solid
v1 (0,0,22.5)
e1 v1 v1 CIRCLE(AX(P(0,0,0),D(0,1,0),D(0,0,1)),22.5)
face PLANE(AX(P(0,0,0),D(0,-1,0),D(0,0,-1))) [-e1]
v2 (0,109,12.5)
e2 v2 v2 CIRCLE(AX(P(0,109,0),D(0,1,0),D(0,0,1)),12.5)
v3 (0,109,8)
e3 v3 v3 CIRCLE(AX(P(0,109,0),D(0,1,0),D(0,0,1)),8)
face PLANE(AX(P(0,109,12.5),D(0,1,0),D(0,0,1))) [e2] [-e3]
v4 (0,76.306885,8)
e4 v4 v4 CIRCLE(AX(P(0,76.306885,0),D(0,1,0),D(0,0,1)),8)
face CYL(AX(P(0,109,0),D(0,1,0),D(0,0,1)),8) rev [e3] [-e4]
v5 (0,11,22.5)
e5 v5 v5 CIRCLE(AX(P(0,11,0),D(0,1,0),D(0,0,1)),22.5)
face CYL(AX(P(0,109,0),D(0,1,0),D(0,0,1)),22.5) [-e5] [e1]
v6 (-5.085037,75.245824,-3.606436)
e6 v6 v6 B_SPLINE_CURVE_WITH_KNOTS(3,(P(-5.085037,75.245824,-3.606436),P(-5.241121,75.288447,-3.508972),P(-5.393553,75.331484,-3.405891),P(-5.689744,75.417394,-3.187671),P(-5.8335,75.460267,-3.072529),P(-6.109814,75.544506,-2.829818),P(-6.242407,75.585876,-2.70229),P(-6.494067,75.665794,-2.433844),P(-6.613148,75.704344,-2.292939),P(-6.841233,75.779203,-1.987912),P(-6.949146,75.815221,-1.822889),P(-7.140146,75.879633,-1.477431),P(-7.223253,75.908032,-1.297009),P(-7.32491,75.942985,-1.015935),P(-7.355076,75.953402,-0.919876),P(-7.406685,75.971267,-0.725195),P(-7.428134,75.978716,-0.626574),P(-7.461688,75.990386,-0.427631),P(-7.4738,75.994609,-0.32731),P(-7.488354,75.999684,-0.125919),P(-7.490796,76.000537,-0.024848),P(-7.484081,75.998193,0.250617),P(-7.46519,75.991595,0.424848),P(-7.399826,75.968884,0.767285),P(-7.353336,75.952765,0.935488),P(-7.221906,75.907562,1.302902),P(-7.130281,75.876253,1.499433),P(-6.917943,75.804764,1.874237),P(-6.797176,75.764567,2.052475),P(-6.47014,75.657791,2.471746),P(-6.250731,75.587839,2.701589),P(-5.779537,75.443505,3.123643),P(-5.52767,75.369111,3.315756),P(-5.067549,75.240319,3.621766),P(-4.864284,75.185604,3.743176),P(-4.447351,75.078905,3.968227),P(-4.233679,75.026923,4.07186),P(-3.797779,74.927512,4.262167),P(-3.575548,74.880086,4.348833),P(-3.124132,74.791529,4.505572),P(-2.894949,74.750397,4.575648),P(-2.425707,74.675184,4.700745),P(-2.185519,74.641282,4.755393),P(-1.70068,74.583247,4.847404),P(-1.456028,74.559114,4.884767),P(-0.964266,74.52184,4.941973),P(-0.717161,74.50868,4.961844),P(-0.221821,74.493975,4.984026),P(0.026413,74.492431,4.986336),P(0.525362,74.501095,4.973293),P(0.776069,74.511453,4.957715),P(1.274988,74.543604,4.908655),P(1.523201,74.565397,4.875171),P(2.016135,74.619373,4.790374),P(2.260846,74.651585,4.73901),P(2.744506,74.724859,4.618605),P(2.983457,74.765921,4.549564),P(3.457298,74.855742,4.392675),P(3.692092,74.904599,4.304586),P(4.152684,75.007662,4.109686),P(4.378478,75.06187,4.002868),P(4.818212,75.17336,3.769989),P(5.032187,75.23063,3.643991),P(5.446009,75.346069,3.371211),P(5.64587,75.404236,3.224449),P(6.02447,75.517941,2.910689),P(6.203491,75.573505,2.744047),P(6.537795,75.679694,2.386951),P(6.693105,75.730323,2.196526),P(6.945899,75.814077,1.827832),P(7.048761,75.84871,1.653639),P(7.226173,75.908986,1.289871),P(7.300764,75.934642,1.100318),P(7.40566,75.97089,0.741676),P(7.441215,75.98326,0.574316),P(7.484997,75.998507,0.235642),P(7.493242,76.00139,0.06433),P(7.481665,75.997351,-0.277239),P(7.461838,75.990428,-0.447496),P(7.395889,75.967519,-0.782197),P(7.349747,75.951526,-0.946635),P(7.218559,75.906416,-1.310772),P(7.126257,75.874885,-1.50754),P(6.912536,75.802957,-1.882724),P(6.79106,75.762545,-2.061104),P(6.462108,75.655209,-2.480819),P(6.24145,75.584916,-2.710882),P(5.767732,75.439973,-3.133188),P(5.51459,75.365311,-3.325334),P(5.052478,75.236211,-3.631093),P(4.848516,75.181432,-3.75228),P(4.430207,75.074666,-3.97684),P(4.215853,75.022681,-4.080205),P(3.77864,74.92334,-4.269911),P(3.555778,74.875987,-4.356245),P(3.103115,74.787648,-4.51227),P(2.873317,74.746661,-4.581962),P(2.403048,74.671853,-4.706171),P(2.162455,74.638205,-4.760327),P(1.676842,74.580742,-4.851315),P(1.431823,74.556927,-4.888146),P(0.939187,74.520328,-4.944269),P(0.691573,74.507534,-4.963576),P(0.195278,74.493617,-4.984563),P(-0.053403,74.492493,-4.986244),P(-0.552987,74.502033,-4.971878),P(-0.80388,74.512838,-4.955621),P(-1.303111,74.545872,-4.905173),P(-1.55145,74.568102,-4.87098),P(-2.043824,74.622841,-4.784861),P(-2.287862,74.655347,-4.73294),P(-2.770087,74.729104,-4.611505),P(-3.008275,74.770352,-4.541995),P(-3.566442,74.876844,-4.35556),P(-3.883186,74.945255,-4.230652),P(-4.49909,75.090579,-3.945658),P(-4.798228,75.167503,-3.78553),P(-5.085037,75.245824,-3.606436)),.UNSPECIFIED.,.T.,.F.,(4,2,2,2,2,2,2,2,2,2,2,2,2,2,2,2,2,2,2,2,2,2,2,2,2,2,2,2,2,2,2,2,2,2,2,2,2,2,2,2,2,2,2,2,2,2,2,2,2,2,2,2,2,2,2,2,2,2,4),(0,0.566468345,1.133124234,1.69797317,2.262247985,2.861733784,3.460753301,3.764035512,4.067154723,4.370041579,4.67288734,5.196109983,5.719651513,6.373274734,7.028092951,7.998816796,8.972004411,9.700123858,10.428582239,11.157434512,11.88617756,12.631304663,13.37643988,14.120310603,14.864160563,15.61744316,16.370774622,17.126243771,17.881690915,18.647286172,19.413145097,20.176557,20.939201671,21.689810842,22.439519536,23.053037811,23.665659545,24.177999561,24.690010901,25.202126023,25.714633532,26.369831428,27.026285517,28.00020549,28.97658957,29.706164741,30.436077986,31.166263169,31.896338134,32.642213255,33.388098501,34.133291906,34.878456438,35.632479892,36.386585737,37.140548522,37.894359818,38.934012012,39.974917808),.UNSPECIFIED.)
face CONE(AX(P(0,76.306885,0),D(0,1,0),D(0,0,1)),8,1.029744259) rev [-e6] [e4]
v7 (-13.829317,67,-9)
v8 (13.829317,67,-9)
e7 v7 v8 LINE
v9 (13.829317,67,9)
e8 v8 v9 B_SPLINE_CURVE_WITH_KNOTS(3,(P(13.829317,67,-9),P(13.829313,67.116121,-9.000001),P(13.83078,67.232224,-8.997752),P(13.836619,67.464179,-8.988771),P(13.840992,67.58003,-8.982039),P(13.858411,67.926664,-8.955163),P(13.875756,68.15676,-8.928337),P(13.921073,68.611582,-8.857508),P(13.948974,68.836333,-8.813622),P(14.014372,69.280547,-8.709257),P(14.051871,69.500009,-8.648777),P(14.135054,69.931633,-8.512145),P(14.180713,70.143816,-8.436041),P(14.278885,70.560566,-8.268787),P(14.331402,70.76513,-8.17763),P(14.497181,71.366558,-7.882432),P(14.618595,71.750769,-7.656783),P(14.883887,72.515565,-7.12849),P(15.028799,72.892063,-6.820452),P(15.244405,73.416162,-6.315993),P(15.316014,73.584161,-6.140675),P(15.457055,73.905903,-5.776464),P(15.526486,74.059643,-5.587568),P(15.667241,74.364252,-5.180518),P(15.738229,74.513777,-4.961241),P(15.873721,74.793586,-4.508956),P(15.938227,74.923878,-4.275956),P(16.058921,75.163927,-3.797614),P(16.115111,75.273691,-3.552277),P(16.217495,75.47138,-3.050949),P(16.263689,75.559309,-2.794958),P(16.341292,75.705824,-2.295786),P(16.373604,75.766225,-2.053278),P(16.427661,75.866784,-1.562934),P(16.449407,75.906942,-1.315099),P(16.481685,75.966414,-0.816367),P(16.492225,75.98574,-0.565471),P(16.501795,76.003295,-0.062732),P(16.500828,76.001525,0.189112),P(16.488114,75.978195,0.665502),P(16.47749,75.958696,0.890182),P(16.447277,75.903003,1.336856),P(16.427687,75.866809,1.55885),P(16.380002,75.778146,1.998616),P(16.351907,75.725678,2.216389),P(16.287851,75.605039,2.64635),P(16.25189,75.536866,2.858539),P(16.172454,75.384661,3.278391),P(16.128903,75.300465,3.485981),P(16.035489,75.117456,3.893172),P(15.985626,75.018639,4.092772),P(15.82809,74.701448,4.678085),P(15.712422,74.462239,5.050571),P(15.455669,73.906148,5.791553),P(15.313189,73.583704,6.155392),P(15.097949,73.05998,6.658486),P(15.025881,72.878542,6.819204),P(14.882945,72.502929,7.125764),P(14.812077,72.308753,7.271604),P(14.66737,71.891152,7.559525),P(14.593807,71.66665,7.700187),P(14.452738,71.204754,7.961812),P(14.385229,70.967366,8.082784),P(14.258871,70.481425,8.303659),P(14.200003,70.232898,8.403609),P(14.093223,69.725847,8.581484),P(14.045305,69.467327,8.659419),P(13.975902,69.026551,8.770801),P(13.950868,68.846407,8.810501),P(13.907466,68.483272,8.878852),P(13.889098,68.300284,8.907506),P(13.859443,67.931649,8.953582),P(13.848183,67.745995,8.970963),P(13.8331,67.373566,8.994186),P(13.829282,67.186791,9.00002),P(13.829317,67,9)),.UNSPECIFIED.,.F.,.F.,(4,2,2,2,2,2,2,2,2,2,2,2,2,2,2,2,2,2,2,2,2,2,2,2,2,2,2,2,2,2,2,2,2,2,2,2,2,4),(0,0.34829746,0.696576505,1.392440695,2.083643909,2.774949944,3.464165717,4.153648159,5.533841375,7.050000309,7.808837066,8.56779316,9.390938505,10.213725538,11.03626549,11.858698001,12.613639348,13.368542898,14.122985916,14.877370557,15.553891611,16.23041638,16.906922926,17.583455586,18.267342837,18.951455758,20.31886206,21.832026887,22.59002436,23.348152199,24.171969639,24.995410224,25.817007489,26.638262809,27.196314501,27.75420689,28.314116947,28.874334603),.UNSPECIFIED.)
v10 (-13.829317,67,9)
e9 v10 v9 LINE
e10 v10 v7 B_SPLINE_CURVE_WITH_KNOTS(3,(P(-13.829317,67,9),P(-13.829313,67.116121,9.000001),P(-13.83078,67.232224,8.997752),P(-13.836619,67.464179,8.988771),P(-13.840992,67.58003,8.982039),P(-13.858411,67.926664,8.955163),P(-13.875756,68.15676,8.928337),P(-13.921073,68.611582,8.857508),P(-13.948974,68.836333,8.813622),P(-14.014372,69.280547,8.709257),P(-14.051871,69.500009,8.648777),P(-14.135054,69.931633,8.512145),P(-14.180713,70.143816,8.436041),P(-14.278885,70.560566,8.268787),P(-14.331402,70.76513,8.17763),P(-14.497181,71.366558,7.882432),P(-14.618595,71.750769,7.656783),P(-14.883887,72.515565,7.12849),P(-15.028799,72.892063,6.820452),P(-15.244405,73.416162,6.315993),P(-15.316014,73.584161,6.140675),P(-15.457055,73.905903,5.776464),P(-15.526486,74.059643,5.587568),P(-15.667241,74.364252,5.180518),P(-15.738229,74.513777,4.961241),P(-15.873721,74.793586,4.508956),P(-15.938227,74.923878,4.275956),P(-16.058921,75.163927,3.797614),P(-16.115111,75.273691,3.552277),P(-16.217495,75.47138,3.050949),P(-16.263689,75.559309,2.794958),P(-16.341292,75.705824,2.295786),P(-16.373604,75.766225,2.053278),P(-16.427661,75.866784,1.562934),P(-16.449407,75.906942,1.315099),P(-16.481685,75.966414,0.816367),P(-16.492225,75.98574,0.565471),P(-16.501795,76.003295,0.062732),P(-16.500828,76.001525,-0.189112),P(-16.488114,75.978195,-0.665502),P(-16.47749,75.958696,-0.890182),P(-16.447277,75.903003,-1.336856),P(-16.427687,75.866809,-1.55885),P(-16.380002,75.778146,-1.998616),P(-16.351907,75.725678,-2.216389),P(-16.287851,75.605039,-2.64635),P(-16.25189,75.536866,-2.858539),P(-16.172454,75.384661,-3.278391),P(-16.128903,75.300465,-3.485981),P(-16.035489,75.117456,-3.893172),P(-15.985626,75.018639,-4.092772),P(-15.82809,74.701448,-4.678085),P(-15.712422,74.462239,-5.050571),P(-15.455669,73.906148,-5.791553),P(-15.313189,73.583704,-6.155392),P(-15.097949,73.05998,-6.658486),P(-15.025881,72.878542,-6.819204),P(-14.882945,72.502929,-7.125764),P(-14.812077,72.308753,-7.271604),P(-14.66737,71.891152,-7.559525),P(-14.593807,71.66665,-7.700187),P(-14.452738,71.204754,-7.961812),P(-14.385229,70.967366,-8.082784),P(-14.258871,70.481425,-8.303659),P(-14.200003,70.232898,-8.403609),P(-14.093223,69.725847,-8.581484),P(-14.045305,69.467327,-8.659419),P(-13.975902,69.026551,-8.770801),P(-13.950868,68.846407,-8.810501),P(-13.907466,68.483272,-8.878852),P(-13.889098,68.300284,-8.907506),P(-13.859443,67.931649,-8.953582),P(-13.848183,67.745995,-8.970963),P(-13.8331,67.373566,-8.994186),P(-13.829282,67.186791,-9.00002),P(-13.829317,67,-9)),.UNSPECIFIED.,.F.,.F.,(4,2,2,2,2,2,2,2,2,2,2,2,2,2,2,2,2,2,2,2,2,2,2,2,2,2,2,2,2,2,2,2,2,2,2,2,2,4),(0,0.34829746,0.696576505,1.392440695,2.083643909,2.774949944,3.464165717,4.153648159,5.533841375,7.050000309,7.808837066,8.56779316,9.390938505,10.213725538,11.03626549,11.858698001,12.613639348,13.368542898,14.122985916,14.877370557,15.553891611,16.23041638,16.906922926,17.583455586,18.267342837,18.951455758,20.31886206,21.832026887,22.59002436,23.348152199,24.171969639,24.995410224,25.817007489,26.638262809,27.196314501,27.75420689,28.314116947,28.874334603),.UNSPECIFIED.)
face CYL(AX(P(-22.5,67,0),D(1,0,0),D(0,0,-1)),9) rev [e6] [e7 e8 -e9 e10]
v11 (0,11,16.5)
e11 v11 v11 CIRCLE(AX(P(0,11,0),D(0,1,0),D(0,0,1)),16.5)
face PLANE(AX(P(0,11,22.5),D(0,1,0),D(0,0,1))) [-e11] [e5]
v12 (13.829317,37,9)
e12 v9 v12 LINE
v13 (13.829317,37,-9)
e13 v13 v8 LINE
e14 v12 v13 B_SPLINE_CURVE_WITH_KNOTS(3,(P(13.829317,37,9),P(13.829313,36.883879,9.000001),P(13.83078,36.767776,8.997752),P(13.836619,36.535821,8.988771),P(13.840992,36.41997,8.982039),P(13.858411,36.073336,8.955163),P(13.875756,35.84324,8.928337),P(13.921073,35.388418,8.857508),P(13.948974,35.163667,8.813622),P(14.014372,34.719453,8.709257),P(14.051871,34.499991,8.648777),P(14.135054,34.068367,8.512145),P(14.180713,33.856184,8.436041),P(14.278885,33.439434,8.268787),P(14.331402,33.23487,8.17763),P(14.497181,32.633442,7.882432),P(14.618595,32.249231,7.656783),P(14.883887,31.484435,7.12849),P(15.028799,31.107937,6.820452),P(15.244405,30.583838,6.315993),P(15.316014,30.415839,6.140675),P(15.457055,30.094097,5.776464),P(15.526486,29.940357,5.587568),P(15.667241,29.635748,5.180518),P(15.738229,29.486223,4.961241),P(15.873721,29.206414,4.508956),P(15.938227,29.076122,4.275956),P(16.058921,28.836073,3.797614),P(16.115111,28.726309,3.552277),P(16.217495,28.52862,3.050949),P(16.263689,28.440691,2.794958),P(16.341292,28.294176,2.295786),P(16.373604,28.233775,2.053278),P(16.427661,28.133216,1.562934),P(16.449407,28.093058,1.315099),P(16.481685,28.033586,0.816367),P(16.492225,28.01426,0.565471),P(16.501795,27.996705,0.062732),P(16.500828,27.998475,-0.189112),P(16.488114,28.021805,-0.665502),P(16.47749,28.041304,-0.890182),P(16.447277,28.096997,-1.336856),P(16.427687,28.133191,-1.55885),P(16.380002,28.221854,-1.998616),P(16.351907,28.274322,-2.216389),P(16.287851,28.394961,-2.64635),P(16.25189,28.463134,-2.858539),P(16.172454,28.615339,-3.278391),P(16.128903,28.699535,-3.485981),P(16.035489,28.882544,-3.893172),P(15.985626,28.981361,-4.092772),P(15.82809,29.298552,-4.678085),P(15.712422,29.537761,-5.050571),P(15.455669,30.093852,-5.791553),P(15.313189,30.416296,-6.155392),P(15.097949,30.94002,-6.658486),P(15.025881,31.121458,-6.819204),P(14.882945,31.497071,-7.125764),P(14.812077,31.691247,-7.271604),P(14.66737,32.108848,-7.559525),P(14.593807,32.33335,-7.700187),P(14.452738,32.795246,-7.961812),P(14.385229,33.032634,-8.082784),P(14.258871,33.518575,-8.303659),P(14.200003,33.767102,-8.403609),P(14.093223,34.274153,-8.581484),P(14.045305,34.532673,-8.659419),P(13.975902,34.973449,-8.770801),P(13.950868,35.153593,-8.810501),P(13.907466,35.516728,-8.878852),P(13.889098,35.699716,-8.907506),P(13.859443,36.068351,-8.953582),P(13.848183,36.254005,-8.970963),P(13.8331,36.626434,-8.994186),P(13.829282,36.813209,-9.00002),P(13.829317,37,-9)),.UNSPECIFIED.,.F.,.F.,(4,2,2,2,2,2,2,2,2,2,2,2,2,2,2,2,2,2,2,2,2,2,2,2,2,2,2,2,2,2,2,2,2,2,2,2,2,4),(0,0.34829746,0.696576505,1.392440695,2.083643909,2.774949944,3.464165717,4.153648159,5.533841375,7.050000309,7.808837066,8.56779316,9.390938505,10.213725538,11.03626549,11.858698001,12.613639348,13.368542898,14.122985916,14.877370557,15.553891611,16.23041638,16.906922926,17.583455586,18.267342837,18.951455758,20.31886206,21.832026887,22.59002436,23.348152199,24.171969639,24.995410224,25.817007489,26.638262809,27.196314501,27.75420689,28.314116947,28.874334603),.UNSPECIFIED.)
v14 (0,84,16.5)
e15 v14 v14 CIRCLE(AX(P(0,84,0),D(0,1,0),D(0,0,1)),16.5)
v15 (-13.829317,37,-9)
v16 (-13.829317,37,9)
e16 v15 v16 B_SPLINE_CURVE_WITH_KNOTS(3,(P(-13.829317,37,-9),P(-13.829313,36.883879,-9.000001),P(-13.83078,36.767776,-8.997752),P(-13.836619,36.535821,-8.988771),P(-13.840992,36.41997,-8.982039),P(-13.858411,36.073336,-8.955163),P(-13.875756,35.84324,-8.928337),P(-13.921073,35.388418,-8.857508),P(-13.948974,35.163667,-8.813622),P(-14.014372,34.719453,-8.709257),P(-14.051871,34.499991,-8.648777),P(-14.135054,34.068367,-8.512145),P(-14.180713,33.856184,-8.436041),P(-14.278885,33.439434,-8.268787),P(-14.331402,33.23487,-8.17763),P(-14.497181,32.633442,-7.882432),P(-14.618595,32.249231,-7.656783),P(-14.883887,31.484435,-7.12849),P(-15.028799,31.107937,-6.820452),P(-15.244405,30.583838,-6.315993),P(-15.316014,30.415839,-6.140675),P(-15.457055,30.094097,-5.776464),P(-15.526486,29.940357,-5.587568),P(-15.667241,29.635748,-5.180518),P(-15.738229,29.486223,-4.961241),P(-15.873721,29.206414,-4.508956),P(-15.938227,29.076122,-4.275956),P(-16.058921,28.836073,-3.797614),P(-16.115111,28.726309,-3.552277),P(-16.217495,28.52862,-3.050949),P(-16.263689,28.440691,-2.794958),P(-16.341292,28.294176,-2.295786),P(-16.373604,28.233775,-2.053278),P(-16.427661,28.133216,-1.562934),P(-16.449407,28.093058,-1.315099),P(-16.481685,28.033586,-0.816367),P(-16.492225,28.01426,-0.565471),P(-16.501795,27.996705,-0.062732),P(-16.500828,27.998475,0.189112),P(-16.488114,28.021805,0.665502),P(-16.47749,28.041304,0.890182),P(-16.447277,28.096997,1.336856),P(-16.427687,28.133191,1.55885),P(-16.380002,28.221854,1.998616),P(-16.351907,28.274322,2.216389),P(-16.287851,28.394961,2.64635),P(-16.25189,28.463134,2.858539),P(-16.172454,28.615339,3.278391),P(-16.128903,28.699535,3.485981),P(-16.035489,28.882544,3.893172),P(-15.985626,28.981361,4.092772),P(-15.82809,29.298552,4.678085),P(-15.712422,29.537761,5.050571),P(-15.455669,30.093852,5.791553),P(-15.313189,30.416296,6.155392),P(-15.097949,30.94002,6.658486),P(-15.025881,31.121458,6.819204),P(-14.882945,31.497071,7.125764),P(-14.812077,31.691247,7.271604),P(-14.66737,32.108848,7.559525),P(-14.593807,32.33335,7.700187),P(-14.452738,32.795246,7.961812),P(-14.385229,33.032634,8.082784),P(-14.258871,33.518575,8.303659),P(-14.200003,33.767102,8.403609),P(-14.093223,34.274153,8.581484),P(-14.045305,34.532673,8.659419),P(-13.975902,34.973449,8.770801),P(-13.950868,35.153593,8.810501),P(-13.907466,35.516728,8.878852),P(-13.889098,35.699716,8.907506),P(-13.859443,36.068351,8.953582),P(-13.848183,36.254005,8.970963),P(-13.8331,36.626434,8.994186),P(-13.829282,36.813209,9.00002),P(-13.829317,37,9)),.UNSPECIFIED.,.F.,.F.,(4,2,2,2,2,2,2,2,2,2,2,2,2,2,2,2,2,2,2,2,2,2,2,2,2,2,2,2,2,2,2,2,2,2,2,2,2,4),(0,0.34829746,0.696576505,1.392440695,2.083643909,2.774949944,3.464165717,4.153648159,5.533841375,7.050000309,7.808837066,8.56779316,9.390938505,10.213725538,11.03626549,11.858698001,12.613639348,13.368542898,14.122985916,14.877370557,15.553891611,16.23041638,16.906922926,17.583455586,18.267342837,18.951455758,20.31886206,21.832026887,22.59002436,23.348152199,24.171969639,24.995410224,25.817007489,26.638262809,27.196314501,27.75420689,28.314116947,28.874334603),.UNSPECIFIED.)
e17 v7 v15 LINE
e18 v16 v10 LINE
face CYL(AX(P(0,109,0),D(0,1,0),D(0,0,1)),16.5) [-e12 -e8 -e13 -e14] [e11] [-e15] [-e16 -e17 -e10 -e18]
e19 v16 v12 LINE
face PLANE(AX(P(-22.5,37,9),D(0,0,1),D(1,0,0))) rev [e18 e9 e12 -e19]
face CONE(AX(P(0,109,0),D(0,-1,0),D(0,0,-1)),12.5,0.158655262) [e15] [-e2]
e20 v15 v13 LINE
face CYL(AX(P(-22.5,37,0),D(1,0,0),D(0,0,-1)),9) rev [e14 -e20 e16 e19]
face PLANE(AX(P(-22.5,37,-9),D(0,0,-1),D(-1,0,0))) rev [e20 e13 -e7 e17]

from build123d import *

# Parameters (mm, degrees)
CUT_EXTRUDE1_DEPTH         = 114.549548656
CUT_EXTRUDE1_DEPTH_BACK    = 114.549548656
F_16_0MM_DOWEL_HOLE1_D     = 16
F_16_0MM_DOWEL_HOLE1_DEPTH = 32.693115048
F_16_0MM_DOWEL_HOLE1_TIP   = 4.806884952


with BuildPart() as part:
    # Sketch1 → Revolve1 (revolve)
    with BuildSketch(Plane(origin=(0, 0, 0), x_dir=(0, 0, -1), z_dir=(1, 0, 0))):
        Polygon((0, 0), (-22.5, 0), (-22.5, 11), (-16.5, 11), (-16.5, 84), (-12.5, 109), (0, 109), align=None)
    revolve(axis=Axis((0, 109, 0), (0, -1, 0)))

    # Sketch2 → Cut-Extrude1 (cut, two sides: drawn at the far end of the back side and taken through both)
    with BuildSketch(Plane(origin=(0, 0, 0), x_dir=(0, 0, -1), z_dir=(1, 0, 0)).offset(-CUT_EXTRUDE1_DEPTH_BACK)):
        with BuildLine():
            Line((-9, 37), (-9, 67))
            ThreePointArc((-9, 67), (0, 76), (9, 67))
            Line((9, 67), (9, 37))
            ThreePointArc((9, 37), (0, 28), (-9, 37))
        make_face()
    extrude(amount=CUT_EXTRUDE1_DEPTH + CUT_EXTRUDE1_DEPTH_BACK, mode=Mode.SUBTRACT)

    # Ø16.0mm Dowel Hole1
    with Locations(Plane.ZX.offset(109)):
        with Locations((0, 0)):
            Hole(F_16_0MM_DOWEL_HOLE1_D / 2, depth=F_16_0MM_DOWEL_HOLE1_DEPTH)
            with Locations((0, 0, -(F_16_0MM_DOWEL_HOLE1_DEPTH + F_16_0MM_DOWEL_HOLE1_TIP / 2))):  # 118° drill point
                Cone(0, F_16_0MM_DOWEL_HOLE1_D / 2, F_16_0MM_DOWEL_HOLE1_TIP, mode=Mode.SUBTRACT)


solid = part.part
